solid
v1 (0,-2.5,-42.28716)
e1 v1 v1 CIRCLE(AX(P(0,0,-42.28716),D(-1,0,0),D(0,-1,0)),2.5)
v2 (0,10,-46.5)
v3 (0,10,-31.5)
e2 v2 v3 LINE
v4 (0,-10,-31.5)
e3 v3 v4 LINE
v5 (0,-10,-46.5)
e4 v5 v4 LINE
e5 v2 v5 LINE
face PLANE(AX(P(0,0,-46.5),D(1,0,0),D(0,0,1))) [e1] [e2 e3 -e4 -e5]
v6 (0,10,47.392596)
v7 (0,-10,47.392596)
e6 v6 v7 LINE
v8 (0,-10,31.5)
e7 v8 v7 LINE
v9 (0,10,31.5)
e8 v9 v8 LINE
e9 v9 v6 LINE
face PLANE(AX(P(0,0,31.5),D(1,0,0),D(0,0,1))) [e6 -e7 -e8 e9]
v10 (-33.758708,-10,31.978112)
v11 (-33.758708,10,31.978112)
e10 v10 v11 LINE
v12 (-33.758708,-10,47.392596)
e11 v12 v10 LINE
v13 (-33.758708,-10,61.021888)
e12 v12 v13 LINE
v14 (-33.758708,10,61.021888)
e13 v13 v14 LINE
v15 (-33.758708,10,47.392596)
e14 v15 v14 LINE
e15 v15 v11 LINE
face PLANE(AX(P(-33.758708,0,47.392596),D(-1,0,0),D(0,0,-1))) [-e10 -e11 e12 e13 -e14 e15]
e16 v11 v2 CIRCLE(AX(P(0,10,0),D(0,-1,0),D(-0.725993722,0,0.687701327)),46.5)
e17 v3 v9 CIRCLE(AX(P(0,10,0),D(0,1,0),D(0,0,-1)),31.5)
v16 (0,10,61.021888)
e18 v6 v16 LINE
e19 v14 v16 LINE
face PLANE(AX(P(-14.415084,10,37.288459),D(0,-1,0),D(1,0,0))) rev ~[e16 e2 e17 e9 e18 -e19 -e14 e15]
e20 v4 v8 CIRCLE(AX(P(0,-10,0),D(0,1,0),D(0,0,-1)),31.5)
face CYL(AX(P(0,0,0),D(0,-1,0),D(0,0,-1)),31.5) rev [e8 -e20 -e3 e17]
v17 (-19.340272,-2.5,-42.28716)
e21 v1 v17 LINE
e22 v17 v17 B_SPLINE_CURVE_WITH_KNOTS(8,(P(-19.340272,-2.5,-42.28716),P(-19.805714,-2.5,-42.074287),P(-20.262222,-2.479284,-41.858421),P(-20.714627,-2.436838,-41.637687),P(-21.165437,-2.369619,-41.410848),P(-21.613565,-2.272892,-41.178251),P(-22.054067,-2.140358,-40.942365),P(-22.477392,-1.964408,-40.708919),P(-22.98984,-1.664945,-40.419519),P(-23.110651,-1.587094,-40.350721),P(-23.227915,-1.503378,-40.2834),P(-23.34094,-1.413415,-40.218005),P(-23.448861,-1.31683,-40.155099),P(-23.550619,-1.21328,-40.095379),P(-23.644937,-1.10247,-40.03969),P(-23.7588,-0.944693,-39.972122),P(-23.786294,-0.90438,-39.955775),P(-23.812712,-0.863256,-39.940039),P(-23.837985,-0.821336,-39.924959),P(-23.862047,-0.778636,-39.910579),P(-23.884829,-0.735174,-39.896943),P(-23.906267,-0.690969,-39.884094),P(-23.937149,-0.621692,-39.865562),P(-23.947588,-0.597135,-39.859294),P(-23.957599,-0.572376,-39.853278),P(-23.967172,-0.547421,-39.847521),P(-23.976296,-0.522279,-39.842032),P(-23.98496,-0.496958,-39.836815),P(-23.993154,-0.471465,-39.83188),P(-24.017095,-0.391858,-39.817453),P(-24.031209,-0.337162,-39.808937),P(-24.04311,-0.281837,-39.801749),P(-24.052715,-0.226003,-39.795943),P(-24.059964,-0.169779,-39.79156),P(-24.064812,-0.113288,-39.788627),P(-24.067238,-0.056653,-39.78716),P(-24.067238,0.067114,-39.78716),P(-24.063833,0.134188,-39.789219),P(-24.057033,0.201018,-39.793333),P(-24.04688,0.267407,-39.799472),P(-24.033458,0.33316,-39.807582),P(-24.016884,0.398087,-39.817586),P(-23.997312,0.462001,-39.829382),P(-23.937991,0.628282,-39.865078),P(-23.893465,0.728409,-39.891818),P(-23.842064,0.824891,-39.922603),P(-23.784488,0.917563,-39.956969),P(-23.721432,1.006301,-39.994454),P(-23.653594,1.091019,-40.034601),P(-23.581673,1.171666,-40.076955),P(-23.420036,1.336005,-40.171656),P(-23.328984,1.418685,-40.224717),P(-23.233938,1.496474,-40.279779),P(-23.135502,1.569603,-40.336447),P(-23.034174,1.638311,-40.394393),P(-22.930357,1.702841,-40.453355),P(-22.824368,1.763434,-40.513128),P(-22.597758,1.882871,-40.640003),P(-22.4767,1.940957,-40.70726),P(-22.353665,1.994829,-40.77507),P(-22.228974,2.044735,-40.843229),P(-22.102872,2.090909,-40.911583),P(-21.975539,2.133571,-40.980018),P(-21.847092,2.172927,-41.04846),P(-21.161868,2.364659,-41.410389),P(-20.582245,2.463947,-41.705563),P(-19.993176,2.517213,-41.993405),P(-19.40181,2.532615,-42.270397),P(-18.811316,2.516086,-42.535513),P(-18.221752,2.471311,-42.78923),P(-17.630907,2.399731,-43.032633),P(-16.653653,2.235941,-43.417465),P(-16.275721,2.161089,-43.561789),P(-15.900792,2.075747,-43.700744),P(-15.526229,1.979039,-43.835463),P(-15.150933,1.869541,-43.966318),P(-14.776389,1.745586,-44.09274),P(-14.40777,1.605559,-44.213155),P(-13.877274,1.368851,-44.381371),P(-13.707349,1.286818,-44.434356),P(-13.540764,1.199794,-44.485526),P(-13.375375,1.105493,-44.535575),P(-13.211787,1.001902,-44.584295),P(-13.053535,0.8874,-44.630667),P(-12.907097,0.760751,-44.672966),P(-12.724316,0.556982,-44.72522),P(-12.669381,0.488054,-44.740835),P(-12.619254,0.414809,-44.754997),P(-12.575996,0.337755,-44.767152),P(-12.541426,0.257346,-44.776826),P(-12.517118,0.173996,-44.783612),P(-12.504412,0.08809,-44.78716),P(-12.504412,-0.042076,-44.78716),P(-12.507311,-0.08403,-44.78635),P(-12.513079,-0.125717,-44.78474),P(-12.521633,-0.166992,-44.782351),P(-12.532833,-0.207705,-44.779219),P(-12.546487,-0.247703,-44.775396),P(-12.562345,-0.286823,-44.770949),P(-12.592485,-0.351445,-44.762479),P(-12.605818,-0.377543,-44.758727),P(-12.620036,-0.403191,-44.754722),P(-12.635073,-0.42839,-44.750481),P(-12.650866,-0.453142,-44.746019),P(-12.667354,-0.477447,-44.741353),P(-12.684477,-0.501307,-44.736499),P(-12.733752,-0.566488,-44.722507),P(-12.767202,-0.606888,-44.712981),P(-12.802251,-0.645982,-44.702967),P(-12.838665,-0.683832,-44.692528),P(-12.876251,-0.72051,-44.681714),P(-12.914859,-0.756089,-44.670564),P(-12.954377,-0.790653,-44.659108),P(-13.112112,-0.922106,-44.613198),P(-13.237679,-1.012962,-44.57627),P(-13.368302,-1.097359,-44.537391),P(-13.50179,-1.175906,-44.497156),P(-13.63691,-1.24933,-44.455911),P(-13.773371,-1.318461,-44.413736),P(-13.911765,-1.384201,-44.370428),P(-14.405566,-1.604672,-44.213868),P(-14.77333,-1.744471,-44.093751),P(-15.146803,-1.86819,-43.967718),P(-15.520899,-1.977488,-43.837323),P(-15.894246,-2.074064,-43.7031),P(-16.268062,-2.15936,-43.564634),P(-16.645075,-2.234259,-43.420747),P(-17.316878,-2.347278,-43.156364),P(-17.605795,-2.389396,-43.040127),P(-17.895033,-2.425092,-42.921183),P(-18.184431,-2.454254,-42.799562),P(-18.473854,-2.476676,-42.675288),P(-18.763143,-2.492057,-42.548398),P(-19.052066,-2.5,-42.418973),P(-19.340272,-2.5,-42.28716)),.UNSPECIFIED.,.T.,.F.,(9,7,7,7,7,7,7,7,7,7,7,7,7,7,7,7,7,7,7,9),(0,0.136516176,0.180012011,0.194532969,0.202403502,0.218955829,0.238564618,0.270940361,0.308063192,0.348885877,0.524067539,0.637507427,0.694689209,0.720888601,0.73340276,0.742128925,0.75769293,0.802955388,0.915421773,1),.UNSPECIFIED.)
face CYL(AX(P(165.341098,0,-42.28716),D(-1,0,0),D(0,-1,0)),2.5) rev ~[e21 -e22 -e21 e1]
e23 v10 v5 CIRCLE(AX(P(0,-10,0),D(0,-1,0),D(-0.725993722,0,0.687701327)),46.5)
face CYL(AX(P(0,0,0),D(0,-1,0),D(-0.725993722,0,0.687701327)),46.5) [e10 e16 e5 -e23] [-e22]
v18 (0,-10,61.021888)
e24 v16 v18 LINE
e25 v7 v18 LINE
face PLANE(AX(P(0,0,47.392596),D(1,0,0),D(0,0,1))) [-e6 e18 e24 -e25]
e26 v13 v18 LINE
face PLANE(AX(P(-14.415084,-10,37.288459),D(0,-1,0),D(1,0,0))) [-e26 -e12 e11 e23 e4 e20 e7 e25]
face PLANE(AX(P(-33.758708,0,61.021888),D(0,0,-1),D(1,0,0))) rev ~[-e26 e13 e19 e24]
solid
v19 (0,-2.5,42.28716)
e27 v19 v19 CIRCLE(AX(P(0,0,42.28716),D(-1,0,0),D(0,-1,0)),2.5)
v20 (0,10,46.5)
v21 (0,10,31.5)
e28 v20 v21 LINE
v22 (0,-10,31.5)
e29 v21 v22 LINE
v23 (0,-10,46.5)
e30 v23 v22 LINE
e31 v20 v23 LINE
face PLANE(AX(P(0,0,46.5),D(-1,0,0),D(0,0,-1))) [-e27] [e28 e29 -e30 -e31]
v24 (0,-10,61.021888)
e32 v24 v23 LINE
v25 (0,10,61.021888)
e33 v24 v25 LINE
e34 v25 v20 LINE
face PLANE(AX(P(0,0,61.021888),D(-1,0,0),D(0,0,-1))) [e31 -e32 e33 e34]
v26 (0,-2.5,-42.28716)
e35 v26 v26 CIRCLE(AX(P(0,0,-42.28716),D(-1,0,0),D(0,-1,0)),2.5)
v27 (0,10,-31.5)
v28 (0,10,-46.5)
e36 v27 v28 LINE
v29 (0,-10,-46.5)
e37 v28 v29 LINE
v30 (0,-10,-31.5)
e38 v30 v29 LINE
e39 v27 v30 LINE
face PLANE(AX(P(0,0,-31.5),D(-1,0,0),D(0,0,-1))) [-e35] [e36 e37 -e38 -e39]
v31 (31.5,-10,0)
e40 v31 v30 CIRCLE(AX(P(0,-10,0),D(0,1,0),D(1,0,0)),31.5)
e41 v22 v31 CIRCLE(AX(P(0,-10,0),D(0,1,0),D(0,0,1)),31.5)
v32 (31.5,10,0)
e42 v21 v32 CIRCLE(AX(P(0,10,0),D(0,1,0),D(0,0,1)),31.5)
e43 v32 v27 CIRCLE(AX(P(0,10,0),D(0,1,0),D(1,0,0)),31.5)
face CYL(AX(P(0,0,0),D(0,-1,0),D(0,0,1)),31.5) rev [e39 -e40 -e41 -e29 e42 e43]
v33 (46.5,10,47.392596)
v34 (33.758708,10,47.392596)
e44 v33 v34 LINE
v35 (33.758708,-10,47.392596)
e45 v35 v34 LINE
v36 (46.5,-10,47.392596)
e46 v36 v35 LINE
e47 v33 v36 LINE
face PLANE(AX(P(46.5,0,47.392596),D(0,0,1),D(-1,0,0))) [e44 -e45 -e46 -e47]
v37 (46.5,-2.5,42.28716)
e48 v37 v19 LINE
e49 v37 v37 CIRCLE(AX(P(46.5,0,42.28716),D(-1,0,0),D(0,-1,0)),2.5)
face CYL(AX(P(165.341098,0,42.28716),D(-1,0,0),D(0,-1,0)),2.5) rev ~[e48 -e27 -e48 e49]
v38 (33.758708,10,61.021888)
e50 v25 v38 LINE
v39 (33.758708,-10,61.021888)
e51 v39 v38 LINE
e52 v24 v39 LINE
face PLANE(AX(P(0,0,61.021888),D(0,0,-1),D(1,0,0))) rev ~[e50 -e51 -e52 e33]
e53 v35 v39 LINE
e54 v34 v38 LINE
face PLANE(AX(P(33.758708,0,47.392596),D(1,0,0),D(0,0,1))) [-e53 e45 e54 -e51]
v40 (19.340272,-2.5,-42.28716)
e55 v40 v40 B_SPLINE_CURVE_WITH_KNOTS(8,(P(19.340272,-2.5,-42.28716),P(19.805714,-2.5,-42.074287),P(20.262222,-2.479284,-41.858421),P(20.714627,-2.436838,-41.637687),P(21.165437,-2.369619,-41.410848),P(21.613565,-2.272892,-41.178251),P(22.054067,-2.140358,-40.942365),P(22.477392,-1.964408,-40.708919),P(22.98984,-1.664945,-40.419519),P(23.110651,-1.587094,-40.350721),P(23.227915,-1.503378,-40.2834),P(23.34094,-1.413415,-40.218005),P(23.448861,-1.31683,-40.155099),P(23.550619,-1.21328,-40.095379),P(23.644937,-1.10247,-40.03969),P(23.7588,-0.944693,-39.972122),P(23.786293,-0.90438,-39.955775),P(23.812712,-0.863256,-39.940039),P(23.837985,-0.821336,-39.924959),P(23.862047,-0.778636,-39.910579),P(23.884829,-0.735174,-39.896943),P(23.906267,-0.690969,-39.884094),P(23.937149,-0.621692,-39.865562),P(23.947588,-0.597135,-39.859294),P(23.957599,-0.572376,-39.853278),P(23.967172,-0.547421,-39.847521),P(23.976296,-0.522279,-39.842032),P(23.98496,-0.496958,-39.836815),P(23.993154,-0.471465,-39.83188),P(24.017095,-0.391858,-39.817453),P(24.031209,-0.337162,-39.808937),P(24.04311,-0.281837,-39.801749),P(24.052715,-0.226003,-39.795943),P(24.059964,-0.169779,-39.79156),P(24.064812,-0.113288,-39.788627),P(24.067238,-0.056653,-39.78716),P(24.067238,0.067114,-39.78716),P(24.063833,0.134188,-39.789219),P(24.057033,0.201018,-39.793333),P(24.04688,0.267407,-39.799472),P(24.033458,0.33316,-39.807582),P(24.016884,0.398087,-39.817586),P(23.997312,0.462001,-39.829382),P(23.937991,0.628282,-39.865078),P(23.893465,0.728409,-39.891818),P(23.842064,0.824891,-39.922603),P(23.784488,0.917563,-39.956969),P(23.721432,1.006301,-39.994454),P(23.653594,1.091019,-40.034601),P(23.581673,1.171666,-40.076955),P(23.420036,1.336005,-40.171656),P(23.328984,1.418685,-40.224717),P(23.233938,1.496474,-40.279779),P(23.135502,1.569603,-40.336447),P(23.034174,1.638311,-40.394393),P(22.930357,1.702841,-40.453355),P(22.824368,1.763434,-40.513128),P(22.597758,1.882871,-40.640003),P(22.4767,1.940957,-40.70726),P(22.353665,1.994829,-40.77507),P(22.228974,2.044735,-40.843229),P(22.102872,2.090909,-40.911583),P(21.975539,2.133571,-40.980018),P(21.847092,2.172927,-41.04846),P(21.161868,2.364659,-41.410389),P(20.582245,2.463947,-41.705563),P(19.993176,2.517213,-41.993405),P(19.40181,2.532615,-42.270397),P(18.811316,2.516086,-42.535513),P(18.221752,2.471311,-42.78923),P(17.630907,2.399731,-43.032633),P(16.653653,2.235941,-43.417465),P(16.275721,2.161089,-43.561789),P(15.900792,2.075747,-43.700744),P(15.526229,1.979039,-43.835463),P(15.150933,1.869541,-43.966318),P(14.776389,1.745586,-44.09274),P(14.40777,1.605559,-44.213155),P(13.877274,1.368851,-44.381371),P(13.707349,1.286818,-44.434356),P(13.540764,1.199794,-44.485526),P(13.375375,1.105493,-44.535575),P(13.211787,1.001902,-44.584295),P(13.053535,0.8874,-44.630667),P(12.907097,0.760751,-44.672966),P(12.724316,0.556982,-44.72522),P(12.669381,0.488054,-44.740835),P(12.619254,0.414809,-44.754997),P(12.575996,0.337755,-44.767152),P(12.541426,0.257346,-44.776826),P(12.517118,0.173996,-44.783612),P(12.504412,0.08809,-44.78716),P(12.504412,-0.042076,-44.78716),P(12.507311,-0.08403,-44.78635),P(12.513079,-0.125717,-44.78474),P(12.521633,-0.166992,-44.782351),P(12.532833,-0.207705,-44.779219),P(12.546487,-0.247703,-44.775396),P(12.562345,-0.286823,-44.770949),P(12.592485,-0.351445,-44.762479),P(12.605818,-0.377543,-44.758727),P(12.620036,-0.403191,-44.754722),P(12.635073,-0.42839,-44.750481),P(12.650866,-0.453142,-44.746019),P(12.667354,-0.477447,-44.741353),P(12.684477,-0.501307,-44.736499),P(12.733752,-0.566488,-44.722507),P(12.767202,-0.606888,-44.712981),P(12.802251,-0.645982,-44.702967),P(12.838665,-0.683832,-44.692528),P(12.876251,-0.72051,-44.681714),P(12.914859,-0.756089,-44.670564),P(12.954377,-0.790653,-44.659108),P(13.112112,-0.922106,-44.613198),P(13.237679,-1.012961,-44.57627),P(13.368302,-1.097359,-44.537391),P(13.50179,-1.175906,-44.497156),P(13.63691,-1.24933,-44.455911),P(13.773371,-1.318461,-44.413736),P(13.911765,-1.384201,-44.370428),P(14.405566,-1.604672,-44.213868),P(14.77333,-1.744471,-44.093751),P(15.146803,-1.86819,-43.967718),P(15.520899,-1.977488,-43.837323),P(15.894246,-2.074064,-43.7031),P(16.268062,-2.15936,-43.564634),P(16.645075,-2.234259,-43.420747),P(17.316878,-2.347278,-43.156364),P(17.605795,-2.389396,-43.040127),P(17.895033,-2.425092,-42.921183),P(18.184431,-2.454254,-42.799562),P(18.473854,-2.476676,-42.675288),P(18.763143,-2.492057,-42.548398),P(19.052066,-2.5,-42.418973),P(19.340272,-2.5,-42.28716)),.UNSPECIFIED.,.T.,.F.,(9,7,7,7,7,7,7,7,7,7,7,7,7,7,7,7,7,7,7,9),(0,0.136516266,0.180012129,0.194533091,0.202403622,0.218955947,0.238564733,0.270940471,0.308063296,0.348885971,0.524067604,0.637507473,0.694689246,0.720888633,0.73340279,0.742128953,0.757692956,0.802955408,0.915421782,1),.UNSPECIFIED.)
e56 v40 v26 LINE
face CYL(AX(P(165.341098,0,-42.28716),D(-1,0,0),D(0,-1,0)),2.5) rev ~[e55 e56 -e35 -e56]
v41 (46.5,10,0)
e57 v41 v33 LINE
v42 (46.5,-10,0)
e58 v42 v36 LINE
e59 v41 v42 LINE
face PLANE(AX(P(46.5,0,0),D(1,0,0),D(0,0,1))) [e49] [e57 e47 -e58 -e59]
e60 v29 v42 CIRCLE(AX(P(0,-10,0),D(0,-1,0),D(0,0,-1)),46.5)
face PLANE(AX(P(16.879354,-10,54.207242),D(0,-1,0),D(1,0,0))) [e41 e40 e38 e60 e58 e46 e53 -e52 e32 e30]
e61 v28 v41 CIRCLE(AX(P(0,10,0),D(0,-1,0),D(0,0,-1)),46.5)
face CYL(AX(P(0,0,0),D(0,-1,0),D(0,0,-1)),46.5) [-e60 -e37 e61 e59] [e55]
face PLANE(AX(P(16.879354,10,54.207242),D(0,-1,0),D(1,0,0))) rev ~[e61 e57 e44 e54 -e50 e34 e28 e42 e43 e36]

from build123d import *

# Parameters (mm, degrees)
F0_W     = 33.7587080829
F0_H     = 13.62929273
F1_DEPTH = 10
F3_D     = 5
F4_DEPTH = 10
F5_D     = 5
F5_2_D   = 5


with BuildPart() as f1:
    # F0 (on Front) → F1 (new body, symmetric)
    with BuildSketch(Plane.XZ):
        with Locations((16.8793540414, 54.2072419244)):
            Rectangle(F0_W, F0_H)
        with BuildLine():
            Line((0, 47.3925955594), (0, 46.5))
            ThreePointArc((0, 46.5), (18.3748170801, 42.7155252487), (33.7587080829, 31.9781117106))
            Line((33.7587080829, 31.9781117106), (33.7587080829, 47.3925955594))
            Line((33.7587080829, 47.3925955594), (0, 47.3925955594))
        make_face()
        with BuildLine():
            Line((0, 46.5), (0, 31.9781117106))
            Line((0, 31.9781117106), (33.7587080829, 31.9781117106))
            ThreePointArc((33.7587080829, 31.9781117106), (18.3748170801, 42.7155252487), (0, 46.5))
        make_face()
        with BuildLine():
            ThreePointArc((0, 31.5), (22.2738636074, 22.2738636074), (31.5, 0))
            ThreePointArc((31.5, 0), (22.2738636074, -22.2738636074), (0, -31.5))
            Line((0, -31.5), (0, -46.5))
            ThreePointArc((0, -46.5), (32.8804653252, -32.8804653252), (46.5, 0))
            ThreePointArc((46.5, 0), (43.1973953257, 17.2114798049), (33.7587080829, 31.9781117106))
            Line((33.7587080829, 31.9781117106), (0, 31.9781117106))
            Line((0, 31.9781117106), (0, 31.5))
        make_face()
        with BuildLine():
            Line((33.7587080829, 47.3925955594), (33.7587080829, 31.9781117106))
            ThreePointArc((33.7587080829, 31.9781117106), (43.1973953257, 17.2114798049), (46.5, 0))
            Line((46.5, 0), (46.5, 47.3925955594))
            Line((46.5, 47.3925955594), (33.7587080829, 47.3925955594))
        make_face()
    extrude(amount=F1_DEPTH, both=True)

    # F3 (through all)
    with Locations(Plane.YZ.offset(46.5)):
        with Locations((0, 42.2871597111)):
            Hole(F3_D / 2)

    # F5 (through all)
    with Locations(Plane.YZ.offset(46.5)):
        with Locations((0, -42.2871597111)):
            Hole(F5_D / 2)


with BuildPart() as f4:
    # F0 (on Front) → F4 (new body, symmetric)
    with BuildSketch(Plane.XZ):
        with BuildLine():
            Line((-33.7587080829, 31.9781117106), (0, 31.9781117106))
            Line((0, 31.9781117106), (0, 46.5))
            ThreePointArc((0, 46.5), (-18.3748170801, 42.7155252487), (-33.7587080829, 31.9781117106))
        make_face()
        with BuildLine():
            ThreePointArc((0, -31.5), (-31.5, 0), (0, 31.5))
            Line((0, 31.5), (0, 31.9781117106))
            Line((0, 31.9781117106), (-33.7587080829, 31.9781117106))
            ThreePointArc((-33.7587080829, 31.9781117106), (-43.1973953151, 17.2114798316), (-46.5, 5.75e-08))
            ThreePointArc((-46.5, 5.75e-08), (-32.8804653455, -32.8804653048), (0, -46.5))
            Line((0, -46.5), (0, -31.5))
        make_face()
        with Locations((-16.8793540414, 54.2072419244)):
            Rectangle(F0_W, F0_H)
        with BuildLine():
            ThreePointArc((-33.7587080829, 31.9781117106), (-18.3748170801, 42.7155252487), (0, 46.5))
            Line((0, 46.5), (0, 47.3925955594))
            Line((0, 47.3925955594), (-33.7587080829, 47.3925955594))
            Line((-33.7587080829, 47.3925955594), (-33.7587080829, 31.9781117106))
        make_face()
    extrude(amount=F4_DEPTH, both=True)

    # F5#2 (through all)
    with Locations(Plane.YZ.offset(46.5)):
        with Locations((0, -42.2871597111)):
            Hole(F5_2_D / 2)


solid = Compound([f1.part, f4.part])
